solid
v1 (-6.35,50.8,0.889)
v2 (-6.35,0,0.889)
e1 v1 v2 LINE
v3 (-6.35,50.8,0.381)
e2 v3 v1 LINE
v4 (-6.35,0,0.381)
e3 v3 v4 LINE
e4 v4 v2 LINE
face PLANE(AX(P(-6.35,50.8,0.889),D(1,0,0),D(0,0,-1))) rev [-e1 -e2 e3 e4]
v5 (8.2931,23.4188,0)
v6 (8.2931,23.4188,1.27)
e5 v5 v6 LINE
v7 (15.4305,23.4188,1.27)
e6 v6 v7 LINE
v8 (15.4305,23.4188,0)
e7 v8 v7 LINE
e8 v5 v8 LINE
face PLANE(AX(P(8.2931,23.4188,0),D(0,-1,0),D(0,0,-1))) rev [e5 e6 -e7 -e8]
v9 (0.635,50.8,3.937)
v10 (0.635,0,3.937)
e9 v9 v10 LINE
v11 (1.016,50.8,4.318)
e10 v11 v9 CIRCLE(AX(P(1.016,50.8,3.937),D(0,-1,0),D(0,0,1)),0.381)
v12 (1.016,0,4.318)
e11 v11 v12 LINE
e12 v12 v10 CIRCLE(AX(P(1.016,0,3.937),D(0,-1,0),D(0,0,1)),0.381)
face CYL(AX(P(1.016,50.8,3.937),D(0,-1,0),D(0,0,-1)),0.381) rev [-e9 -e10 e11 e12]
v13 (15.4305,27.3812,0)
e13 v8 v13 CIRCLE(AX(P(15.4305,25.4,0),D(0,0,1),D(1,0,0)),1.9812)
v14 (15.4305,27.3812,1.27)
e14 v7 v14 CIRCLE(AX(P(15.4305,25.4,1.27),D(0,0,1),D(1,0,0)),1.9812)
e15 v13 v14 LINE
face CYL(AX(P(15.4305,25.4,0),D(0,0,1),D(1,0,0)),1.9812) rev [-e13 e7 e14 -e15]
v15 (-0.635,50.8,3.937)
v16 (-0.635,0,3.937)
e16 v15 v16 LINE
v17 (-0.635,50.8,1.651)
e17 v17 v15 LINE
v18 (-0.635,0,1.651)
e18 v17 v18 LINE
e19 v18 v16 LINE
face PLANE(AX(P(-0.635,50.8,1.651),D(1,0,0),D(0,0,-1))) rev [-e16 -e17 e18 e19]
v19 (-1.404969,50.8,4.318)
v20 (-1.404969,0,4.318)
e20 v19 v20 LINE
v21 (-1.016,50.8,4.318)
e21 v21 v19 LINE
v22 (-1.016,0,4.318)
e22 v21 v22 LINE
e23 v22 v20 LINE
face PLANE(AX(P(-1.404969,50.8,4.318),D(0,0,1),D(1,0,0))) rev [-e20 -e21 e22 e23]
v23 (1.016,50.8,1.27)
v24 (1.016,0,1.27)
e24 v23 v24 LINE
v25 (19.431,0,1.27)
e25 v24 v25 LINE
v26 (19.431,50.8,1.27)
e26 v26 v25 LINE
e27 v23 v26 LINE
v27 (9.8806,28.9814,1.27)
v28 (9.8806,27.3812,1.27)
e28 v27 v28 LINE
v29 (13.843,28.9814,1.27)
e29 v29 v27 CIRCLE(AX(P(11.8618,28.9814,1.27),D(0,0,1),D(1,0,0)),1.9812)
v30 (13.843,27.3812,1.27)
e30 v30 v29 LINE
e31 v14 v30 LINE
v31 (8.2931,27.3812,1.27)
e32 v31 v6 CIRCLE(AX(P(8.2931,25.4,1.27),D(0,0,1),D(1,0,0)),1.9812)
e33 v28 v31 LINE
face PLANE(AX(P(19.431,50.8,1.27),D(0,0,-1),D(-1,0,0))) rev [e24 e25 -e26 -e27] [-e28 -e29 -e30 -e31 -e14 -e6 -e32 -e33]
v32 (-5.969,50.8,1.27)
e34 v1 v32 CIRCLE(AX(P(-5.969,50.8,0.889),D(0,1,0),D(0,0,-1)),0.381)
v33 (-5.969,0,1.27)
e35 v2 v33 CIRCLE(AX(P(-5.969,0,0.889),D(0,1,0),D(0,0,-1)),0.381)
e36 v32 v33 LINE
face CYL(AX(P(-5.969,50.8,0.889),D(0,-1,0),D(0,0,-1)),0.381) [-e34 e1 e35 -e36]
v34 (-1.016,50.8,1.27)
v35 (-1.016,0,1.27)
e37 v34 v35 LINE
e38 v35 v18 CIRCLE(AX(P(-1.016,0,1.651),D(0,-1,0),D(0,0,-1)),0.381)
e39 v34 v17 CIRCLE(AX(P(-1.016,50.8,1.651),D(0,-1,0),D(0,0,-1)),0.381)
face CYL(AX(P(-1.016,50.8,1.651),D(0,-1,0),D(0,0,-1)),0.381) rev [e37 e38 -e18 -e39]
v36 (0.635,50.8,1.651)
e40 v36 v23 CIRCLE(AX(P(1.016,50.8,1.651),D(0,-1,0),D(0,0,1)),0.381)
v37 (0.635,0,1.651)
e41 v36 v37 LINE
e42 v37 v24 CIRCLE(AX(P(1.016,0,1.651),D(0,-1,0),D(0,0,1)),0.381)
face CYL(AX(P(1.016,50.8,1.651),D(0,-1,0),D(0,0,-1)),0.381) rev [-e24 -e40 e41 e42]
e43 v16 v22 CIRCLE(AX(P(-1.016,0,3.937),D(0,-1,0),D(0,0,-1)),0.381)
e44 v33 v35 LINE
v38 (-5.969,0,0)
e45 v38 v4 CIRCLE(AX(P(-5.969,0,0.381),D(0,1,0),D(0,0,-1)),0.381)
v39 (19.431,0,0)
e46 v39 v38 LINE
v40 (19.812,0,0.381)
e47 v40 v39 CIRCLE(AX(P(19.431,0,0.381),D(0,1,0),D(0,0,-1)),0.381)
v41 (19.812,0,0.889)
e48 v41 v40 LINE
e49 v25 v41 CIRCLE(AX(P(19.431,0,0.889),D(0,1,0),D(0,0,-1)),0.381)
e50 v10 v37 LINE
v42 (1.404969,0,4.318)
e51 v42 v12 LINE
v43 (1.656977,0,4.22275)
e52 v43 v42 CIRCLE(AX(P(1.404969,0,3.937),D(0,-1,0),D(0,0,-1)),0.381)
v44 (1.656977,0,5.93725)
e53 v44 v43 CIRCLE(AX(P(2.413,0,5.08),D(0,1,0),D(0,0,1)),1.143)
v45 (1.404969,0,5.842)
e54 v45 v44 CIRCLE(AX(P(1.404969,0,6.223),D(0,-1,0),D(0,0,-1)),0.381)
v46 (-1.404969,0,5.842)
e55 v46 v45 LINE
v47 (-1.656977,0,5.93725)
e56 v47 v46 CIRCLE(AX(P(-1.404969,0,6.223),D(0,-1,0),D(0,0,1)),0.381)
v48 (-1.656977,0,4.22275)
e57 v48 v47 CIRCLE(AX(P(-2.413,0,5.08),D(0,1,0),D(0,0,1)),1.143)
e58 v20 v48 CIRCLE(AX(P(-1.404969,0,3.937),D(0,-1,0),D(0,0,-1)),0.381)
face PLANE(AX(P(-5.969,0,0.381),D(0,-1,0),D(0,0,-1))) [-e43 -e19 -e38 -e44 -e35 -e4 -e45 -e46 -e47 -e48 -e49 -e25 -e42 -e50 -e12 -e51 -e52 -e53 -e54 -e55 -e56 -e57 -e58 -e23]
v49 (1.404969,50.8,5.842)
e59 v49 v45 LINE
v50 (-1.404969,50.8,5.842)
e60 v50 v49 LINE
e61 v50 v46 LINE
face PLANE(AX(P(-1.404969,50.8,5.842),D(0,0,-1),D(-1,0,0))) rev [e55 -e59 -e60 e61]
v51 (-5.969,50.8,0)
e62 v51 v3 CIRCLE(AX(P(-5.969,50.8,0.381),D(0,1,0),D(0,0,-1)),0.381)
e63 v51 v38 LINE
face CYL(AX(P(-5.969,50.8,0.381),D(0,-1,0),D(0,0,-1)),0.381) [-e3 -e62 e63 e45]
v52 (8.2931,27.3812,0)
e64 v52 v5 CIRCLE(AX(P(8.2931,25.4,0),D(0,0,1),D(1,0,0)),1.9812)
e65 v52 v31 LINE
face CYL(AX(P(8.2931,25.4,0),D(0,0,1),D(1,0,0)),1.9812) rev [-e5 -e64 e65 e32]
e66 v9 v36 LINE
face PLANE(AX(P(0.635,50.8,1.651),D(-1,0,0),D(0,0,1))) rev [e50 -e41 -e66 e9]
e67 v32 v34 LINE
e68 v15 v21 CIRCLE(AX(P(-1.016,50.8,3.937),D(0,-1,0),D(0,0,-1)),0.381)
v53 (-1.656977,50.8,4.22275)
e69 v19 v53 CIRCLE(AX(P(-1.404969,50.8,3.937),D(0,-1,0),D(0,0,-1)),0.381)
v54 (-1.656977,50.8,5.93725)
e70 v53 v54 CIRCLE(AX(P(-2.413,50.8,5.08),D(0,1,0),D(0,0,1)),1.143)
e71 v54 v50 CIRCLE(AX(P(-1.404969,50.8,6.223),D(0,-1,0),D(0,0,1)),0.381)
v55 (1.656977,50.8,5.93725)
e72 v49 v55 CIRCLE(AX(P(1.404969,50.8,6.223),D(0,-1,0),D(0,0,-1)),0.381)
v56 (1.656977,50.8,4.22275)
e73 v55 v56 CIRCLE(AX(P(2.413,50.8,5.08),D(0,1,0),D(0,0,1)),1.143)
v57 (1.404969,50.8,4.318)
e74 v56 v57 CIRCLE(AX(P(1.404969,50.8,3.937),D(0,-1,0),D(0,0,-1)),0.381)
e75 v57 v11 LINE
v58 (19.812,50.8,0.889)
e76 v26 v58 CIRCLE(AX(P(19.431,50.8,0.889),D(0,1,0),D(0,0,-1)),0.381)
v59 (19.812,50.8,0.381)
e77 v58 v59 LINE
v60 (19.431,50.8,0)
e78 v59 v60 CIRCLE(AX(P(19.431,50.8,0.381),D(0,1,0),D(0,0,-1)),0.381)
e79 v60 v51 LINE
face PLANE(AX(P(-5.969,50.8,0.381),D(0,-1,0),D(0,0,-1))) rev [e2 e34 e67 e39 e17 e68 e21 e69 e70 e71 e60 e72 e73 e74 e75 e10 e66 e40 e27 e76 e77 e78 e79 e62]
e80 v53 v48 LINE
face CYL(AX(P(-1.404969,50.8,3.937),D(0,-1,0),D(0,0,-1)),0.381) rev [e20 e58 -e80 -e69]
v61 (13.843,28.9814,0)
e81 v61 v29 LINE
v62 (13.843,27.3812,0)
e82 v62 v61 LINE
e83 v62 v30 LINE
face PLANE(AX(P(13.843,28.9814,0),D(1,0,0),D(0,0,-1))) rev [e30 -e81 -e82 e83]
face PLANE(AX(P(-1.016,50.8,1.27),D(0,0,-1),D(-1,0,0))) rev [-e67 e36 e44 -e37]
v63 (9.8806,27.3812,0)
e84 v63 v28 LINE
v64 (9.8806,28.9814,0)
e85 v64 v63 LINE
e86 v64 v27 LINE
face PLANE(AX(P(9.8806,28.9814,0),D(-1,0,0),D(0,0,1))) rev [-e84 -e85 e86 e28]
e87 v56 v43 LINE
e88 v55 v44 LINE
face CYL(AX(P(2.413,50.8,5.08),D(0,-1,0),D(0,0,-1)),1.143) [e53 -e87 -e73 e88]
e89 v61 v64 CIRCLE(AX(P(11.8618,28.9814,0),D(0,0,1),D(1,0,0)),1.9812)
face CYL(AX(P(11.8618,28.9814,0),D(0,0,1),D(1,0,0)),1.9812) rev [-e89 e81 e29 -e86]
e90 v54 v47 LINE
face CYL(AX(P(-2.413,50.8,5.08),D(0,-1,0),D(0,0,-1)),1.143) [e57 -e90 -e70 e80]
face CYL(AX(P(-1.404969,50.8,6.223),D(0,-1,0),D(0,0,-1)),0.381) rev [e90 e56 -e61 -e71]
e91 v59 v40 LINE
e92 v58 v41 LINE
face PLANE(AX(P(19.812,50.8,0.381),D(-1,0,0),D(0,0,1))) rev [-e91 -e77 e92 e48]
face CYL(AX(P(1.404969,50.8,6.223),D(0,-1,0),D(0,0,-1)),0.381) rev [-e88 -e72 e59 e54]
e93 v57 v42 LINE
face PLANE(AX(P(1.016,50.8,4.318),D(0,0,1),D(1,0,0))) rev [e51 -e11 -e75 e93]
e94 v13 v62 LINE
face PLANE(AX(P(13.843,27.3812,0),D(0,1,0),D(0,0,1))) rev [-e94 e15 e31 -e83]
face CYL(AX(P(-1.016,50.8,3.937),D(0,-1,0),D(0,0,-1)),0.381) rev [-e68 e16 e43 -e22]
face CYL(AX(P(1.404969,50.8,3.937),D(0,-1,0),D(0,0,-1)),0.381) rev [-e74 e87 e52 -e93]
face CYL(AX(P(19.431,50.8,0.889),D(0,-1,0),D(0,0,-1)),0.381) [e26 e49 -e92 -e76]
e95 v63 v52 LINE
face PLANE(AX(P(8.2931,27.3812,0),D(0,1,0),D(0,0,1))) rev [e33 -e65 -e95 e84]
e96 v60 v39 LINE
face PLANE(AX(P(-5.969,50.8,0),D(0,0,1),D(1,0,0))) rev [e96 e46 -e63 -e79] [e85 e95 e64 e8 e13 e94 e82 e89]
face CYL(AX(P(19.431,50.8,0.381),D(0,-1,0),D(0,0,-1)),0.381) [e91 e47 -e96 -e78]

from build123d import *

# Parameters (mm, degrees)
BOSS_EXTRUDE1_DEPTH = 50.8
CUT_EXTRUDE1_DEPTH  = 2.27


with BuildPart() as part:
    # Sketch2 → Boss-Extrude1 (new body)
    with BuildSketch(Plane(origin=(0, 0, 0), x_dir=(1, 0, 0), z_dir=(0, 1, 0))):
        with BuildLine():
            Line((-5.969, 0), (19.431, 0))
            ThreePointArc((19.431, 0), (19.700407684, -0.111592316), (19.812, -0.381))
            Line((19.812, -0.381), (19.812, -0.889))
            ThreePointArc((19.812, -0.889), (19.700407684, -1.158407684), (19.431, -1.27))
            Line((19.431, -1.27), (1.016, -1.27))
            ThreePointArc((1.016, -1.27), (0.746592316, -1.381592316), (0.635, -1.651))
            Line((0.635, -1.651), (0.635, -3.937))
            ThreePointArc((0.635, -3.937), (0.746592316, -4.206407684), (1.016, -4.318))
            Line((1.016, -4.318), (1.40496875, -4.318))
            ThreePointArc((1.40496875, -4.318), (1.539672592, -4.293392866), (1.656976563, -4.22275))
            ThreePointArc((1.656976563, -4.22275), (3.556, -5.08), (1.656976563, -5.93725))
            ThreePointArc((1.656976563, -5.93725), (1.539672592, -5.866607134), (1.40496875, -5.842))
            Line((1.40496875, -5.842), (-1.40496875, -5.842))
            ThreePointArc((-1.40496875, -5.842), (-1.539672592, -5.866607134), (-1.656976563, -5.93725))
            ThreePointArc((-1.656976563, -5.93725), (-3.556, -5.08), (-1.656976563, -4.22275))
            ThreePointArc((-1.656976563, -4.22275), (-1.539672592, -4.293392866), (-1.40496875, -4.318))
            Line((-1.40496875, -4.318), (-1.016, -4.318))
            ThreePointArc((-1.016, -4.318), (-0.746592316, -4.206407684), (-0.635, -3.937))
            Line((-0.635, -3.937), (-0.635, -1.651))
            ThreePointArc((-0.635, -1.651), (-0.746592316, -1.381592316), (-1.016, -1.27))
            Line((-1.016, -1.27), (-5.969, -1.27))
            ThreePointArc((-5.969, -1.27), (-6.238407684, -1.158407684), (-6.35, -0.889))
            Line((-6.35, -0.889), (-6.35, -0.381))
            ThreePointArc((-6.35, -0.381), (-6.238407684, -0.111592316), (-5.969, 0))
        make_face()
    extrude(amount=BOSS_EXTRUDE1_DEPTH)

    # Sketch3 → Cut-Extrude1 (cut, through all)
    with BuildSketch(Plane.XY.offset(1.27)):
        with BuildLine():
            Line((8.2931, 27.3812), (9.8806, 27.3812))
            Line((9.8806, 27.3812), (9.8806, 28.9814))
            ThreePointArc((9.8806, 28.9814), (11.8618, 30.9626), (13.843, 28.9814))
            Line((13.843, 28.9814), (13.843, 27.3812))
            Line((13.843, 27.3812), (15.4305, 27.3812))
            ThreePointArc((15.4305, 27.3812), (17.4117, 25.4), (15.4305, 23.4188))
            Line((15.4305, 23.4188), (8.2931, 23.4188))
            ThreePointArc((8.2931, 23.4188), (6.3119, 25.4), (8.2931, 27.3812))
        make_face()
    extrude(amount=-CUT_EXTRUDE1_DEPTH, mode=Mode.SUBTRACT)


solid = part.part
